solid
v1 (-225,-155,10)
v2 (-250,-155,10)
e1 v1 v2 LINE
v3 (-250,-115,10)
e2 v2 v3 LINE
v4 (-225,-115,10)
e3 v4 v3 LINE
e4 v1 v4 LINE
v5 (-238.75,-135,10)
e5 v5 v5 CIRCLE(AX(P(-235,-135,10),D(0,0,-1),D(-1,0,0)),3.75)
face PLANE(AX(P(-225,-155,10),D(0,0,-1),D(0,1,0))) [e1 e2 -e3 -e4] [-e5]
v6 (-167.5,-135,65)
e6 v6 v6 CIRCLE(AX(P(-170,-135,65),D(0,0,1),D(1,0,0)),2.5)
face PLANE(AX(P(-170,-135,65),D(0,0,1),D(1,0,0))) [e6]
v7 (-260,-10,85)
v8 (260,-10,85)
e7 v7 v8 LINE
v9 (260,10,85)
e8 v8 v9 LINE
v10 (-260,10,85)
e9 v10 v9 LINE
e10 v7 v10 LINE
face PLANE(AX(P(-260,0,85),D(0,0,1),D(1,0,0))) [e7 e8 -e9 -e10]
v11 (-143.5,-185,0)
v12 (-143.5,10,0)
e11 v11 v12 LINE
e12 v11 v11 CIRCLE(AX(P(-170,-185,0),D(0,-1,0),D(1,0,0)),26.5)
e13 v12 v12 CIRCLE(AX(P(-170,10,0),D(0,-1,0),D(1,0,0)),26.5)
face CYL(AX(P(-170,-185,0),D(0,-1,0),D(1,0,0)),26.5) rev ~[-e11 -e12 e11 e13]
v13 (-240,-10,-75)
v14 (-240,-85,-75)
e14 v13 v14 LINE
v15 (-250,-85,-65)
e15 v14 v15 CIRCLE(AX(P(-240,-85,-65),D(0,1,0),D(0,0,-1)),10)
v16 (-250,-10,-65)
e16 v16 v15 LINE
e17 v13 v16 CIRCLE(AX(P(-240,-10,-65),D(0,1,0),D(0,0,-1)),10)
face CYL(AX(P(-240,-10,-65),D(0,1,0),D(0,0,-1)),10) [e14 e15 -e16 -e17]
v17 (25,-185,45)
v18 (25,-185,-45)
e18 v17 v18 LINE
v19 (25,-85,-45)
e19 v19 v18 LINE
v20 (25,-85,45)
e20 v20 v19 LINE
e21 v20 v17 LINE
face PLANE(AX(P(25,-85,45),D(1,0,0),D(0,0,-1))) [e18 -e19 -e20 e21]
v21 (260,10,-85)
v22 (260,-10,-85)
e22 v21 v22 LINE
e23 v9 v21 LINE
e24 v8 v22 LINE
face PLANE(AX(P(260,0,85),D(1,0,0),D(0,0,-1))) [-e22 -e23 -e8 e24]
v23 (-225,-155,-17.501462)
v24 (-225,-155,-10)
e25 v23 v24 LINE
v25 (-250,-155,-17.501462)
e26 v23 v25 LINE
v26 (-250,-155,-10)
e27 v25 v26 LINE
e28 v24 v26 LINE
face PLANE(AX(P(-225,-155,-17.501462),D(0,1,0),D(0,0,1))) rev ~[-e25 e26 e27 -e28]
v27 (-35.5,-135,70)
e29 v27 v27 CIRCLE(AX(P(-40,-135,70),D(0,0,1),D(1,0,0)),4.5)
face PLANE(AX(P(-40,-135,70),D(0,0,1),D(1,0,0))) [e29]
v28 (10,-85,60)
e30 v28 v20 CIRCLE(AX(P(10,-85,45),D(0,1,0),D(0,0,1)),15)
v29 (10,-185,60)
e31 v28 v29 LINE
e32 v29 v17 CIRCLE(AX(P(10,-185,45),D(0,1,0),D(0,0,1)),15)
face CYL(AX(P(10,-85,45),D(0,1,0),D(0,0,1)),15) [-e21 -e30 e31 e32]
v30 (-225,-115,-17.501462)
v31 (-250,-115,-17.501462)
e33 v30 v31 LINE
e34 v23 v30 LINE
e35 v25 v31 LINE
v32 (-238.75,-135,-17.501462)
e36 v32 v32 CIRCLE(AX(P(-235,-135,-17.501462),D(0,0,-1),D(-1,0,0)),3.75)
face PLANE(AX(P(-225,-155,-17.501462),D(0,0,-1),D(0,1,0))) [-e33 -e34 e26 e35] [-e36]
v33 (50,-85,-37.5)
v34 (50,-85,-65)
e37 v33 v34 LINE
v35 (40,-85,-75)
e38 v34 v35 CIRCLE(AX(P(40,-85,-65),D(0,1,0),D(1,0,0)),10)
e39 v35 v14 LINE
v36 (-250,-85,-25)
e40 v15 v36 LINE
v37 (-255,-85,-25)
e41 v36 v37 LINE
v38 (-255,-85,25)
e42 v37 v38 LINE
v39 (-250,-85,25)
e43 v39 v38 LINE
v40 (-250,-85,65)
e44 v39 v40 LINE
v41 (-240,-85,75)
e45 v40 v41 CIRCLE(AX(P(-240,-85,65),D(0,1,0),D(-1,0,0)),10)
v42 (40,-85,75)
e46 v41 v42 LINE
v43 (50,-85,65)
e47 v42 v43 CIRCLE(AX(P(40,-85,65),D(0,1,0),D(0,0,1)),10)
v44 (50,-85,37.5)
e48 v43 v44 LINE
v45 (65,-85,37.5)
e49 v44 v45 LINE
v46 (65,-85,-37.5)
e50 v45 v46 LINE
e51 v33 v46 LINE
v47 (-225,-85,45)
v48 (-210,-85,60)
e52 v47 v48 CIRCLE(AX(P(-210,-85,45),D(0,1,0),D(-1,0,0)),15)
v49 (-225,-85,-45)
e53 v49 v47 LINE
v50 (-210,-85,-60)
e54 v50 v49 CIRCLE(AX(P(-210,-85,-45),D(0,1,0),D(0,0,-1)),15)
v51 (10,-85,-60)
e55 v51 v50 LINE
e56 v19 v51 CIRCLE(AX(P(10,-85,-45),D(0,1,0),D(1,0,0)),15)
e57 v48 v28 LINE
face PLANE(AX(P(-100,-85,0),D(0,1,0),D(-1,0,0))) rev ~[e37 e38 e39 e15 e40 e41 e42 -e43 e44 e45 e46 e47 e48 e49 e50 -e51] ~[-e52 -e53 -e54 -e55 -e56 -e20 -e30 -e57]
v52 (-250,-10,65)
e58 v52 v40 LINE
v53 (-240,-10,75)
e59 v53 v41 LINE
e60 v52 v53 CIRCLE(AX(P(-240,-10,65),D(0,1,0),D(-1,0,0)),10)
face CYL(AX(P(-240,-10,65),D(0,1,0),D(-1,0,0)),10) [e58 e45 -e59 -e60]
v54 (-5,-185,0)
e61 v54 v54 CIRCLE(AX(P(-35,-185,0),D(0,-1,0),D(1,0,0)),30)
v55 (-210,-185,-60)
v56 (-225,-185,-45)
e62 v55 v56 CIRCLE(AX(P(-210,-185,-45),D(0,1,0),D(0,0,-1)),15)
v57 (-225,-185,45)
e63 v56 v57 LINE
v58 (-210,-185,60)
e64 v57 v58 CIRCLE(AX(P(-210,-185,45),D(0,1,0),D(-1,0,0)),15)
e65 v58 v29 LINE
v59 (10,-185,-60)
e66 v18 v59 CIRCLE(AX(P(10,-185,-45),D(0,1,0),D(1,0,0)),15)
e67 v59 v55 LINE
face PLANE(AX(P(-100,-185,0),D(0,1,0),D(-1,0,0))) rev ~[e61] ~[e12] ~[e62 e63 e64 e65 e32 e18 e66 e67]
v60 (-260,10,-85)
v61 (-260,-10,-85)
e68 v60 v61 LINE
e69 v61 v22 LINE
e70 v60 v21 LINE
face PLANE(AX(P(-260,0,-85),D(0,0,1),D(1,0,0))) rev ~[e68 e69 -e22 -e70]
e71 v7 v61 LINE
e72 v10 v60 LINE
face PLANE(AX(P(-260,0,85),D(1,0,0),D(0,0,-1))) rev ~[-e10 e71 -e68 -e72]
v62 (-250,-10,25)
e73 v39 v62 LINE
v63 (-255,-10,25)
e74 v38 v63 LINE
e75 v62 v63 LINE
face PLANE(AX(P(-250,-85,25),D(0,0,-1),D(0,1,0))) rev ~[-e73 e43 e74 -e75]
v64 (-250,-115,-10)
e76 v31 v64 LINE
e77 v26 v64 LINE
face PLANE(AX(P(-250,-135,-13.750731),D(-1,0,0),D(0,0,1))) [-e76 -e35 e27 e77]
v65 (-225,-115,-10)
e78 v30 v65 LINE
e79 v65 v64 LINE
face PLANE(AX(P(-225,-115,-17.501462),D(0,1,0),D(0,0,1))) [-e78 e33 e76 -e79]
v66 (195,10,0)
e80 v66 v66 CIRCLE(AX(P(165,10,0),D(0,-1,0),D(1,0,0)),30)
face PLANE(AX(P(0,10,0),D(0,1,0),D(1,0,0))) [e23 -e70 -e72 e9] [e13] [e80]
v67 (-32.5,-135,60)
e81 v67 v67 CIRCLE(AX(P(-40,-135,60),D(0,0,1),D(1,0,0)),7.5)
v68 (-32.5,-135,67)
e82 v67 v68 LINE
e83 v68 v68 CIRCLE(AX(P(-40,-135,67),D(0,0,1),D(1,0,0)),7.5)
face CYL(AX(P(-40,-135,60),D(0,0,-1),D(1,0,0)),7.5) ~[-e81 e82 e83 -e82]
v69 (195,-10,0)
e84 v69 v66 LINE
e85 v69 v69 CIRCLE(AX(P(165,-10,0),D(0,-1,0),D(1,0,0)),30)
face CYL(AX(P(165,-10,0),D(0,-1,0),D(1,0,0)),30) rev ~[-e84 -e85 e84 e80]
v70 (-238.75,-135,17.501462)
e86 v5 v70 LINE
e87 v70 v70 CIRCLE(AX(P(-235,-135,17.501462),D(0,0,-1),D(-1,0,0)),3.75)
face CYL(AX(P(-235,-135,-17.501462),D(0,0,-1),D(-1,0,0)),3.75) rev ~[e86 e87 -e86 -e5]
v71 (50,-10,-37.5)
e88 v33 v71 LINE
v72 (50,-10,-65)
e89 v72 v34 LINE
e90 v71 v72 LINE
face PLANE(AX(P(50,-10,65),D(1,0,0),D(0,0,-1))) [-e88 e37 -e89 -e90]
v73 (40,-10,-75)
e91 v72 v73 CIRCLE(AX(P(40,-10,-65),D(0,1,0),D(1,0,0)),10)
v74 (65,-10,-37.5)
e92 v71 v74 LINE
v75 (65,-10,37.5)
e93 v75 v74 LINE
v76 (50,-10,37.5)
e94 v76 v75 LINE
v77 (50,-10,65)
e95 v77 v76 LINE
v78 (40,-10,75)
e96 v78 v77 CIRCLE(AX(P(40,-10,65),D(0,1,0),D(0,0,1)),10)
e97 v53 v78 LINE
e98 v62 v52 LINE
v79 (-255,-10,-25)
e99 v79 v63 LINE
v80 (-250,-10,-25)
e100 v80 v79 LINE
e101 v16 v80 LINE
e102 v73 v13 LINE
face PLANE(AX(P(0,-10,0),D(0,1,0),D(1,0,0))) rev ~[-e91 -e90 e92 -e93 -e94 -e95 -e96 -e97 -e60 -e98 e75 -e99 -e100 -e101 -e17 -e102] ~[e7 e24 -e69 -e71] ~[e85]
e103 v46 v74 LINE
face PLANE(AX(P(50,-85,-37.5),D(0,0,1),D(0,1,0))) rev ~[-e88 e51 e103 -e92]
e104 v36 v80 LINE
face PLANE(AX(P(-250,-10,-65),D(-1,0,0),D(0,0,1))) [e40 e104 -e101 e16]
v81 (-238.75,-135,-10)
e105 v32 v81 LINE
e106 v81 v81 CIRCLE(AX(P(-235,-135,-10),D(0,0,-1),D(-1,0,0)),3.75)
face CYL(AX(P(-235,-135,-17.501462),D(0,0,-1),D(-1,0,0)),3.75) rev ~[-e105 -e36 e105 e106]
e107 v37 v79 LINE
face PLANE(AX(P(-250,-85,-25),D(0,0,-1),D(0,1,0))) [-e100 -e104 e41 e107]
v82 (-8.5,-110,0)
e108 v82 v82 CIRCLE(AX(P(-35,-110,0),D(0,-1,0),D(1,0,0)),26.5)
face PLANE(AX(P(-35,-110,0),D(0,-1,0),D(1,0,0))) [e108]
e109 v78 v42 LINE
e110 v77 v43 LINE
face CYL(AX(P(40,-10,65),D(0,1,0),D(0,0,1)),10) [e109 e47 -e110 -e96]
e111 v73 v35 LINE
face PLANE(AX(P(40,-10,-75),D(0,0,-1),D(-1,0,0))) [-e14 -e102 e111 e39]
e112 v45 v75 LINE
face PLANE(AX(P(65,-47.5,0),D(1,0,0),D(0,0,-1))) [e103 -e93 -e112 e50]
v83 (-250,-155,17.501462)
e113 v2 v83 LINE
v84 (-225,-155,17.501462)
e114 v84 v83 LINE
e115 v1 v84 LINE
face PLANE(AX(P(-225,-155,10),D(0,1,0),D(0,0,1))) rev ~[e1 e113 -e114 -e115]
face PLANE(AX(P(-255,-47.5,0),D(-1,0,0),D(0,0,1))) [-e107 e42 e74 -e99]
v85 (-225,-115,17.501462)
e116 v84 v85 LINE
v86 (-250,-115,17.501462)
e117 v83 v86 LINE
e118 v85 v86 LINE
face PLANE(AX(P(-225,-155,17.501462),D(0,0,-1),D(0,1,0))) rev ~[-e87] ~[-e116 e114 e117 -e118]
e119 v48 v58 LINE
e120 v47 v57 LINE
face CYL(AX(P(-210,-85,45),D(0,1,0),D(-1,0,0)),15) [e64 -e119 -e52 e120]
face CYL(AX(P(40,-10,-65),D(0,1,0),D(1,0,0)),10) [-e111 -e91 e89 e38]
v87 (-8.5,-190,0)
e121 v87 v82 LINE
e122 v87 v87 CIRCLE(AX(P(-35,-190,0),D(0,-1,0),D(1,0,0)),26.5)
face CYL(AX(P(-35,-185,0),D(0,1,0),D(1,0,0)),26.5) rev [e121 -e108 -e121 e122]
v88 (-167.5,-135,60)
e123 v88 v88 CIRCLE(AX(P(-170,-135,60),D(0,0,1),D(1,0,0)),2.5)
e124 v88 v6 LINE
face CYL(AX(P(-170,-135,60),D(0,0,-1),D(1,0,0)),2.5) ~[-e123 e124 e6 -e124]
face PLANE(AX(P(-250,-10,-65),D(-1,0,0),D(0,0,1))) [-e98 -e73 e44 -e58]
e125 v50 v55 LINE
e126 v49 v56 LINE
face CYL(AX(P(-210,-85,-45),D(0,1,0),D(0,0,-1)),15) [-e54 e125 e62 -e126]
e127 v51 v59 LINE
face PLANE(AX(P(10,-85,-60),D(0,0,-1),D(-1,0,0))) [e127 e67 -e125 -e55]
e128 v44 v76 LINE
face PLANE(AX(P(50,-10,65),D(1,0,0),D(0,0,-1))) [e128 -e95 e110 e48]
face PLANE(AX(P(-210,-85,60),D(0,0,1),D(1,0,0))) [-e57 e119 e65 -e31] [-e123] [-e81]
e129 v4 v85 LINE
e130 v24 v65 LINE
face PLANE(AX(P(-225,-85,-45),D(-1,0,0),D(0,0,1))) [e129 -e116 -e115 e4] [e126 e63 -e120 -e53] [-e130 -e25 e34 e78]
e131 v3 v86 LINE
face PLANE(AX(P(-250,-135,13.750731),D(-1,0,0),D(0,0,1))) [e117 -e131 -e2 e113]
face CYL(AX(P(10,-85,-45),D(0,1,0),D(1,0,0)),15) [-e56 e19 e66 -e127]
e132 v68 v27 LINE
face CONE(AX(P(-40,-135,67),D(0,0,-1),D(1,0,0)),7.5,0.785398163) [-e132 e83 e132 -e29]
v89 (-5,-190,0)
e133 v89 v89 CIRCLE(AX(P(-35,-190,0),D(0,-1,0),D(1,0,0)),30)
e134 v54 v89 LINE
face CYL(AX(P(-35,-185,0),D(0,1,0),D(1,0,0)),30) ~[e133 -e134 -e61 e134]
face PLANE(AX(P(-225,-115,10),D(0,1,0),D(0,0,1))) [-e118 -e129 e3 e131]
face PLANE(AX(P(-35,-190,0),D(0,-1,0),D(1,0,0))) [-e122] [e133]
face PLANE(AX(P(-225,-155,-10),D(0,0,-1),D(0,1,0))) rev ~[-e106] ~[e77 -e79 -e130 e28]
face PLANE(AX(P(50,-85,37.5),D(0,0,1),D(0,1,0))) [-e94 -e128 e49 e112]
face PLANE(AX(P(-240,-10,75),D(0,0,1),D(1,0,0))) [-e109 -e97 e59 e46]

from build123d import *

# Parameters (mm, degrees)
SKETCH1_W           = 520
SKETCH1_H           = 170
BOSS_EXTRUDE1_DEPTH = 10
BOSS_EXTRUDE2_DEPTH = 75
BOSS_EXTRUDE3_DEPTH = 100
SKETCH4_W           = 7.501461654
SKETCH4_H           = 40
BOSS_EXTRUDE4_DEPTH = 25
SKETCH5_R           = 3.75
CUT_EXTRUDE1_DEPTH  = 93
SKETCH6_W           = 50
SKETCH6_H           = 75
BOSS_EXTRUDE5_DEPTH = 5
SKETCH7_R           = 30
CUT_EXTRUDE2_DEPTH  = 68
SKETCH8_W           = 75
SKETCH8_H           = 75
BOSS_EXTRUDE6_DEPTH = 15
SKETCH9_R           = 30
SKETCH9_R_2         = 26.5
BOSS_EXTRUDE7_DEPTH = 5
SKETCH11_R          = 26.5
CUT_EXTRUDE3_DEPTH  = 75
SKETCH12_R          = 26.5
CUT_EXTRUDE4_DEPTH  = 196
SKETCH14_R          = 7.5
BOSS_EXTRUDE8_DEPTH = 10
CHAMFER1_SIZE       = 3
SKETCH15_R          = 2.5
BOSS_EXTRUDE9_DEPTH = 5


with BuildPart() as part:
    # Sketch1 → Boss-Extrude1 (new body, symmetric)
    with BuildSketch(Plane(origin=(0, 0, 0), x_dir=(1, 0, 0), z_dir=(0, 1, 0))):
        Rectangle(SKETCH1_W, SKETCH1_H)
    extrude(amount=BOSS_EXTRUDE1_DEPTH, both=True)

    # Sketch2 → Boss-Extrude2 (add)
    with BuildSketch(Plane.XZ.offset(10)):
        with BuildLine():
            Line((-240, 75), (40, 75))
            ThreePointArc((40, 75), (47.071067812, 72.071067812), (50, 65))
            Line((50, 65), (50, -65))
            ThreePointArc((50, -65), (47.071067812, -72.071067812), (40, -75))
            Line((40, -75), (-240, -75))
            ThreePointArc((-240, -75), (-247.071067812, -72.071067812), (-250, -65))
            Line((-250, -65), (-250, 65))
            ThreePointArc((-250, 65), (-247.071067812, 72.071067812), (-240, 75))
        make_face()
    extrude(amount=BOSS_EXTRUDE2_DEPTH)

    # Sketch3 → Boss-Extrude3 (add)
    with BuildSketch(Plane.XZ.offset(85)):
        with BuildLine():
            Line((-210, 60), (10, 60))
            ThreePointArc((10, 60), (20.606601718, 55.606601718), (25, 45))
            Line((25, 45), (25, -45))
            ThreePointArc((25, -45), (20.606601718, -55.606601718), (10, -60))
            Line((10, -60), (-210, -60))
            ThreePointArc((-210, -60), (-220.606601718, -55.606601718), (-225, -45))
            Line((-225, -45), (-225, 45))
            ThreePointArc((-225, 45), (-220.606601718, 55.606601718), (-210, 60))
        make_face()
    extrude(amount=BOSS_EXTRUDE3_DEPTH)

    # Sketch4 → Boss-Extrude4 (add)
    with BuildSketch(Plane.ZY.offset(225)):
        with Locations((13.750730827, -135)):
            Rectangle(SKETCH4_W, SKETCH4_H)
        with Locations((-13.750730827, -135)):
            Rectangle(SKETCH4_W, SKETCH4_H)
    extrude(amount=BOSS_EXTRUDE4_DEPTH)

    # Sketch5 → Cut-Extrude1 (cut)
    with BuildSketch(Plane(origin=(0, 0, -17.501461654), x_dir=(-1, 0, 0), z_dir=(0, 0, -1))):
        with Locations((235, -135)):
            Circle(SKETCH5_R)
    extrude(amount=-CUT_EXTRUDE1_DEPTH, mode=Mode.SUBTRACT)

    # Sketch6 → Boss-Extrude5 (add)
    with BuildSketch(Plane.ZY.offset(250)):
        with Locations((0, -47.5)):
            Rectangle(SKETCH6_W, SKETCH6_H)
    extrude(amount=BOSS_EXTRUDE5_DEPTH)

    # Sketch7 → Cut-Extrude2 (cut)
    with BuildSketch(Plane.XZ.offset(10)):
        with Locations((165, 0)):
            Circle(SKETCH7_R)
    extrude(amount=-CUT_EXTRUDE2_DEPTH, mode=Mode.SUBTRACT)

    # Sketch8 → Boss-Extrude6 (add)
    with BuildSketch(Plane(origin=(50, 0, 0), x_dir=(0, 0, -1), z_dir=(1, 0, 0))):
        with Locations((0, -47.5)):
            Rectangle(SKETCH8_W, SKETCH8_H)
    extrude(amount=BOSS_EXTRUDE6_DEPTH)

    # Sketch9 → Boss-Extrude7 (add)
    with BuildSketch(Plane.XZ.offset(185)):
        with Locations((-35, 0)):
            Circle(SKETCH9_R)
        with Locations((-35, 0)):
            Circle(SKETCH9_R_2, mode=Mode.SUBTRACT)
    extrude(amount=BOSS_EXTRUDE7_DEPTH)

    # Sketch11 → Cut-Extrude3 (cut)
    with BuildSketch(Plane.XZ.offset(185)):
        with Locations((-35, 0)):
            Circle(SKETCH11_R)
    extrude(amount=-CUT_EXTRUDE3_DEPTH, mode=Mode.SUBTRACT)

    # Sketch12 → Cut-Extrude4 (cut, through all)
    with BuildSketch(Plane.XZ.offset(185)):
        with Locations((-170, 0)):
            Circle(SKETCH12_R)
    extrude(amount=-CUT_EXTRUDE4_DEPTH, mode=Mode.SUBTRACT)

    # Sketch14 → Boss-Extrude8 (add)
    with BuildSketch(Plane.XY.offset(60)):
        with Locations((-40, -135)):
            Circle(SKETCH14_R)
    extrude(amount=BOSS_EXTRUDE8_DEPTH)

    # Chamfer1
    chamfer1_edges = [part.edges().sort_by_distance(p)[0] for p in [
        (-47.5, -135, 70),
    ]]
    chamfer(chamfer1_edges, length=CHAMFER1_SIZE)

    # Sketch15 → Boss-Extrude9 (add)
    with BuildSketch(Plane.XY.offset(60)):
        with Locations((-170, -135)):
            Circle(SKETCH15_R)
    extrude(amount=BOSS_EXTRUDE9_DEPTH)


solid = part.part
